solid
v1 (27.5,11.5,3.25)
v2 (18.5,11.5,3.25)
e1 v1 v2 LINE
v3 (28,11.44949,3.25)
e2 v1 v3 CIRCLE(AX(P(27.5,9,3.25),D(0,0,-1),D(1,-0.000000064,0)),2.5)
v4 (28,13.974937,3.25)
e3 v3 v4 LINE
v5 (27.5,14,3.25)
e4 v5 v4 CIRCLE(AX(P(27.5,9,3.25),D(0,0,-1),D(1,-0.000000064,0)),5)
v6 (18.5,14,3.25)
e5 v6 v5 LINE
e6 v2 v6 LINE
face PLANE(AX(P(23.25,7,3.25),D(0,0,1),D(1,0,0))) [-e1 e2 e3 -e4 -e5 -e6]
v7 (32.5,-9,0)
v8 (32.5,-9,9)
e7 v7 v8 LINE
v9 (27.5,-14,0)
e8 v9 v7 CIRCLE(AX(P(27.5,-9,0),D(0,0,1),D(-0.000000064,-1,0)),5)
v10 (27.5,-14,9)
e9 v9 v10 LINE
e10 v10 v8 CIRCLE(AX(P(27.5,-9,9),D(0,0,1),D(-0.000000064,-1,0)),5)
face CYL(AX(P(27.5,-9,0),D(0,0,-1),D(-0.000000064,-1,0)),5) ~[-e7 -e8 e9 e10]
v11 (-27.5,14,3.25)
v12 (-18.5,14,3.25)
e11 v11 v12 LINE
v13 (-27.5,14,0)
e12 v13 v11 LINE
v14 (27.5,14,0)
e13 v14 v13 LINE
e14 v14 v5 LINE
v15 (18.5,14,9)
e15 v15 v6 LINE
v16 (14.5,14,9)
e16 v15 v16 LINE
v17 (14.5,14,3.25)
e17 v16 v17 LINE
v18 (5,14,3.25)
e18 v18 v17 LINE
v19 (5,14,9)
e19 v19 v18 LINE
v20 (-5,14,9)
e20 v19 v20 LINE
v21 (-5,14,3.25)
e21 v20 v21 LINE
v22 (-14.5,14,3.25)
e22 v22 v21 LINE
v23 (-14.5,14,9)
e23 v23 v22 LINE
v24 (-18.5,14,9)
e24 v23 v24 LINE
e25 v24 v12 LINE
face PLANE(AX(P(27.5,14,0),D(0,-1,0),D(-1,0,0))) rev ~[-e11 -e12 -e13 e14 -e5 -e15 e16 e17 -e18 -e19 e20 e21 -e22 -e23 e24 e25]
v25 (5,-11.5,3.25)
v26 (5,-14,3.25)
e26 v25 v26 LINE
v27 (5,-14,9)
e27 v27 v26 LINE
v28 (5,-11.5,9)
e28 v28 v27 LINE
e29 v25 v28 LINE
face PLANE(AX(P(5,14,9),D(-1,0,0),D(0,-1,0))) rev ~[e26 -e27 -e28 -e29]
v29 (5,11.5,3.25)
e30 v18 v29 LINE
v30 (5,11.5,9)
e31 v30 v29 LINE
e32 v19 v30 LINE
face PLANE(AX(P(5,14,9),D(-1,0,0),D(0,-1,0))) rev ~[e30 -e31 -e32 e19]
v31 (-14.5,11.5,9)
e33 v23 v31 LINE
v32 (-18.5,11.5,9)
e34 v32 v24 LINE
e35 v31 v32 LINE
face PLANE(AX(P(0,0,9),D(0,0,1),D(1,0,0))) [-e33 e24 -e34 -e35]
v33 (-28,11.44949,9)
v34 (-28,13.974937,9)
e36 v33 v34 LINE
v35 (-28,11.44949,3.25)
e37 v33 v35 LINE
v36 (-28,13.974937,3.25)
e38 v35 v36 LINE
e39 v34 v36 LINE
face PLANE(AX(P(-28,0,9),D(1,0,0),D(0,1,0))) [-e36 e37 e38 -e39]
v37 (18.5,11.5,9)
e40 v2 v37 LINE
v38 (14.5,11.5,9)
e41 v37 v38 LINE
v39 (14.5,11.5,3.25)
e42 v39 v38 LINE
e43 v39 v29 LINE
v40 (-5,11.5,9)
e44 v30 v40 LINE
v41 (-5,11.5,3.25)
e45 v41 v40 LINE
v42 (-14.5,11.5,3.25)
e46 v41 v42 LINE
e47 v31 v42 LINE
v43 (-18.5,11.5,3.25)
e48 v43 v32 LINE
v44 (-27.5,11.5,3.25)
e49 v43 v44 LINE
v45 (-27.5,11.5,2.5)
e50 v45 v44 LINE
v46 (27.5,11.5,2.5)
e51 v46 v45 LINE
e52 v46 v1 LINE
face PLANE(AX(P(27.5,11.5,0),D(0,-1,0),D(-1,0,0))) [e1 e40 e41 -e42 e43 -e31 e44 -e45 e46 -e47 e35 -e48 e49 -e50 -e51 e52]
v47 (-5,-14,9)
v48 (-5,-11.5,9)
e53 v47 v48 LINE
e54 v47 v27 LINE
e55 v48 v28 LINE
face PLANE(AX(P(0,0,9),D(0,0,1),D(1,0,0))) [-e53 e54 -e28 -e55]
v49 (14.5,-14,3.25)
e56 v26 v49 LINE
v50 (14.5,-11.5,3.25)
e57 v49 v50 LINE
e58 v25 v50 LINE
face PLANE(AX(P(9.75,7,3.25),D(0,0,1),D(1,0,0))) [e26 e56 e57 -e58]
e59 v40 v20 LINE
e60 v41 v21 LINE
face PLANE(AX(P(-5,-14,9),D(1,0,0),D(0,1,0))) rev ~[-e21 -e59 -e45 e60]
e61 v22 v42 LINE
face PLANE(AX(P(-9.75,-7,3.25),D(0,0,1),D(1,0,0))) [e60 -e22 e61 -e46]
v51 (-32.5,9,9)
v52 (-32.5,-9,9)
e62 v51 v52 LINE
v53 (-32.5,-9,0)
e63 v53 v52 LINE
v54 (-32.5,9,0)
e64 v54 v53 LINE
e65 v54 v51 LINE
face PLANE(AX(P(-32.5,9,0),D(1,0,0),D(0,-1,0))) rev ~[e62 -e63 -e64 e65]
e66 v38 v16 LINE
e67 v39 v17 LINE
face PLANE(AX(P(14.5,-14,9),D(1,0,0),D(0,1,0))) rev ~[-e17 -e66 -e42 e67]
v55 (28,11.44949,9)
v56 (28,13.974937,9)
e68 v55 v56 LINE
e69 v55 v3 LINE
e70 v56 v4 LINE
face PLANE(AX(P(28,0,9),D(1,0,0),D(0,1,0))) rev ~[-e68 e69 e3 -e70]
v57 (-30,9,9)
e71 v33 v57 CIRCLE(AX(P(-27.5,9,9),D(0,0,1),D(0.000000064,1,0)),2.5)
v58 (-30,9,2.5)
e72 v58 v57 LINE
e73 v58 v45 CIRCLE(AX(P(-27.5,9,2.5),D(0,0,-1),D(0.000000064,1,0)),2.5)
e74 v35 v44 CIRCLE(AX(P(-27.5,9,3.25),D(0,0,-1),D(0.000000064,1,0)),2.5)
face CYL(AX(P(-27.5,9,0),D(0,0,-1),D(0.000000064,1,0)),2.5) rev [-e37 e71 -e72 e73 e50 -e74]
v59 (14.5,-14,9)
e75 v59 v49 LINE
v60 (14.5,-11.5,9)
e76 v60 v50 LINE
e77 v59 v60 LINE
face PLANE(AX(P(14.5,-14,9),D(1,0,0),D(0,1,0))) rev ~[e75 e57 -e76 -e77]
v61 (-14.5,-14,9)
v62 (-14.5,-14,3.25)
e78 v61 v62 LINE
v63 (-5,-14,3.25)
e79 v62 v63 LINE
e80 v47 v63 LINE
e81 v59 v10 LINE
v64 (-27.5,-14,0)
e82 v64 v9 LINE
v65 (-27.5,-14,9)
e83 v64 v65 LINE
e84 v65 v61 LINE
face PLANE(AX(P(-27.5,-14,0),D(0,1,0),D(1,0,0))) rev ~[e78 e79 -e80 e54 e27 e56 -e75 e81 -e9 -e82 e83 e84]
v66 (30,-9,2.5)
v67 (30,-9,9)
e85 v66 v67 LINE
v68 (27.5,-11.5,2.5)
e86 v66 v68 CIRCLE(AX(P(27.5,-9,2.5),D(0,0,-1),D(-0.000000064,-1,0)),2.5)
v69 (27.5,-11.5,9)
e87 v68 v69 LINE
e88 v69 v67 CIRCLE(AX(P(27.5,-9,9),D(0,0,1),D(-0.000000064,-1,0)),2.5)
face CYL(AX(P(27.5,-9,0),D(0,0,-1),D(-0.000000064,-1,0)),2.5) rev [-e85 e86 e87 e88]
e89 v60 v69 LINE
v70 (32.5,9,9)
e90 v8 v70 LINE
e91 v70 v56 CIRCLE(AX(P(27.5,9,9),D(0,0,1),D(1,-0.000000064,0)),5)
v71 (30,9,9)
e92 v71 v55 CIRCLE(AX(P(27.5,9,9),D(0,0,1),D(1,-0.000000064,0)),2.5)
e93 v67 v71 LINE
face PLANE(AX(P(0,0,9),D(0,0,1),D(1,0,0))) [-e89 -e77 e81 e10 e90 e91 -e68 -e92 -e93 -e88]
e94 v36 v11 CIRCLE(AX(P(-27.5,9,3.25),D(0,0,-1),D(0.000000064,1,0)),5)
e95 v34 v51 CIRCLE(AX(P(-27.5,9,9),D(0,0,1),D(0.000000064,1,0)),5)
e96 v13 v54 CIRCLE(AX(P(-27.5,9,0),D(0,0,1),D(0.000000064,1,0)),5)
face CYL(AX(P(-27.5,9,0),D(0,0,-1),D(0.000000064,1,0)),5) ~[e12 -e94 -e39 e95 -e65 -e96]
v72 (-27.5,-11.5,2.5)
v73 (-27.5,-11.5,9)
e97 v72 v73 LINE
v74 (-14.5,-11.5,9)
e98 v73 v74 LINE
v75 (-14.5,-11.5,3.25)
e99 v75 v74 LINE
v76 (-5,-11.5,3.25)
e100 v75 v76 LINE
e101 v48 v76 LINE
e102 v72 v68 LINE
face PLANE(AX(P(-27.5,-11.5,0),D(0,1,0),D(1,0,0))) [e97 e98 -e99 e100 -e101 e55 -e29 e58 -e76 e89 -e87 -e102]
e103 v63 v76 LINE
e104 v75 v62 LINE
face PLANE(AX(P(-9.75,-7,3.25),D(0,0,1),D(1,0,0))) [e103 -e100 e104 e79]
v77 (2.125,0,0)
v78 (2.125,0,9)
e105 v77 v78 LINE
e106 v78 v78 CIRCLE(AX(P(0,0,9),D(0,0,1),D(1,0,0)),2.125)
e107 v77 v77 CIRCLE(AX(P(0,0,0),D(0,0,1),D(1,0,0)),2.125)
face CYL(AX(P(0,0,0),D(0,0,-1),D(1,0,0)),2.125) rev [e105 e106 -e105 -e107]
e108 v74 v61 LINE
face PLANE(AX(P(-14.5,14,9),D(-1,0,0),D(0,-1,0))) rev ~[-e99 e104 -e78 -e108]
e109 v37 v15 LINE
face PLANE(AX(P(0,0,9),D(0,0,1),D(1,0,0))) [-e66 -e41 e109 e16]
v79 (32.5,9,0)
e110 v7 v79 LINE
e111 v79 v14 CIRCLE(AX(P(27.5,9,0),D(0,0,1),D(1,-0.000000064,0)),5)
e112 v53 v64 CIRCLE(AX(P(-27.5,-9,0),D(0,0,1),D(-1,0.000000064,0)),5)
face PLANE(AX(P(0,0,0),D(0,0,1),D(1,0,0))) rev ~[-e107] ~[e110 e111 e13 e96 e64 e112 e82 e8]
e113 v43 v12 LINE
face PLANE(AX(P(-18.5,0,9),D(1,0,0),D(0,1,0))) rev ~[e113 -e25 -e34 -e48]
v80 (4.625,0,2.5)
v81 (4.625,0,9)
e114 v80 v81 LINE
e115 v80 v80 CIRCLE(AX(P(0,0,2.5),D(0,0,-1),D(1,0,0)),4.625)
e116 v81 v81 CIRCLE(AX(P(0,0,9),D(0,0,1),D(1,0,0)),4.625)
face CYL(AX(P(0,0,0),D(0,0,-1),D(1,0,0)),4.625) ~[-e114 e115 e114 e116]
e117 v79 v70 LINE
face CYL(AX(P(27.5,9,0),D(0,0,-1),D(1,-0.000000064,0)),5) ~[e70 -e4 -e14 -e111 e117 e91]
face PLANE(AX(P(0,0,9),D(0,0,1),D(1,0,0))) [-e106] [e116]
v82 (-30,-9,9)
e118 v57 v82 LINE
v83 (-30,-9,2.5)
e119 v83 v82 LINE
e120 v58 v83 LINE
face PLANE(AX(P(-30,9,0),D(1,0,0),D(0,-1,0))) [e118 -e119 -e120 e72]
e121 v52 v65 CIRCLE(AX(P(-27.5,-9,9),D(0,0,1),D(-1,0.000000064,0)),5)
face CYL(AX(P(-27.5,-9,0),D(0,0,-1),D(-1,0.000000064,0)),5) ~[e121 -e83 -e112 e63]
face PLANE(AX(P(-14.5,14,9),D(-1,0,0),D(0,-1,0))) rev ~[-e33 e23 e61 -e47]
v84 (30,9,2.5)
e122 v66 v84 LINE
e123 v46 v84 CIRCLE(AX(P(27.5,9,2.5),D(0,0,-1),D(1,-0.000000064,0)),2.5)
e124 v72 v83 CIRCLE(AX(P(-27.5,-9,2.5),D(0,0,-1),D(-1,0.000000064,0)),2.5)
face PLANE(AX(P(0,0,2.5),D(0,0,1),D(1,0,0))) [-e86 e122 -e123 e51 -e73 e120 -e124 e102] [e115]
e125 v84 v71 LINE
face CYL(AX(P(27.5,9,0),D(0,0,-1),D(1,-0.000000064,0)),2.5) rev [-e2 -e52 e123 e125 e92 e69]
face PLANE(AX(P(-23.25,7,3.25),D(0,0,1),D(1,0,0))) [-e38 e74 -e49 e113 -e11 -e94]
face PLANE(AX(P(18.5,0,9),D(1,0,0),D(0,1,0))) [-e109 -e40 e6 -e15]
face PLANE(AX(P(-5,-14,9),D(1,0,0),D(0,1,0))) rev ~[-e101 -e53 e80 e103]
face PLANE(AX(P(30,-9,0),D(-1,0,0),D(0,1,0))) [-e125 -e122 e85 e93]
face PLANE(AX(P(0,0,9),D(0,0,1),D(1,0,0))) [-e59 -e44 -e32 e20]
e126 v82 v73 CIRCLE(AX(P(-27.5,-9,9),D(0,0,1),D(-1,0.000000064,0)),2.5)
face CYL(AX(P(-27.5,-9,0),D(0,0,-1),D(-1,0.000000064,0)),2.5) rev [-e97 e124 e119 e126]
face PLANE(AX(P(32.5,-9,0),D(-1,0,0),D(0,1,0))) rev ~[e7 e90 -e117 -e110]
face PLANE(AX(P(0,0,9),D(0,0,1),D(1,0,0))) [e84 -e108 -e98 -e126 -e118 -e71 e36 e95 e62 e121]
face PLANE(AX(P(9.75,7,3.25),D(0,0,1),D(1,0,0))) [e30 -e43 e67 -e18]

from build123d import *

# Parameters (mm, degrees)
F0_R     = 2.125
F1_DEPTH = 9
F2_T     = -2.5
F3_W     = 9.5
F3_H     = 14
F4_DEPTH = 5.75


with BuildPart() as f1:
    # F0 (on Top) → F1 (new body)
    with BuildSketch(Plane.XY):
        with BuildLine():
            ThreePointArc((32.5, 9), (31.035534, 12.535534), (27.5, 14))
            Line((27.5, 14), (-27.5, 14))
            ThreePointArc((-27.5, 14), (-31.035534, 12.535534), (-32.5, 9))
            Line((-32.5, 9), (-32.5, -9))
            ThreePointArc((-32.5, -9), (-31.035534, -12.535534), (-27.5, -14))
            Line((-27.5, -14), (27.5, -14))
            ThreePointArc((27.5, -14), (31.035534, -12.535534), (32.5, -9))
            Line((32.5, -9), (32.5, 9))
        make_face()
        Circle(F0_R, mode=Mode.SUBTRACT)
    extrude(amount=F1_DEPTH)

    # F2
    f2_openings = [f1.faces().sort_by_distance(p)[0] for p in [
        (30.535084, 12.035084, 9),
    ]]
    offset(amount=F2_T, openings=f2_openings)

    # F3 (on face) → F4 (cut)
    with BuildSketch(Plane.XY.offset(9)):
        with Locations((9.75, 7)):
            Rectangle(F3_W, F3_H)
        with Locations((9.75, -7)):
            Rectangle(F3_W, F3_H)
        with Locations((-9.75, -7)):
            Rectangle(F3_W, F3_H)
        with Locations((-9.75, 7)):
            Rectangle(F3_W, F3_H)
        with Locations((23.25, 7)):
            Rectangle(F3_W, F3_H)
        with Locations((-23.25, 7)):
            Rectangle(F3_W, F3_H)
    extrude(amount=-F4_DEPTH, mode=Mode.SUBTRACT)


solid = f1.part
